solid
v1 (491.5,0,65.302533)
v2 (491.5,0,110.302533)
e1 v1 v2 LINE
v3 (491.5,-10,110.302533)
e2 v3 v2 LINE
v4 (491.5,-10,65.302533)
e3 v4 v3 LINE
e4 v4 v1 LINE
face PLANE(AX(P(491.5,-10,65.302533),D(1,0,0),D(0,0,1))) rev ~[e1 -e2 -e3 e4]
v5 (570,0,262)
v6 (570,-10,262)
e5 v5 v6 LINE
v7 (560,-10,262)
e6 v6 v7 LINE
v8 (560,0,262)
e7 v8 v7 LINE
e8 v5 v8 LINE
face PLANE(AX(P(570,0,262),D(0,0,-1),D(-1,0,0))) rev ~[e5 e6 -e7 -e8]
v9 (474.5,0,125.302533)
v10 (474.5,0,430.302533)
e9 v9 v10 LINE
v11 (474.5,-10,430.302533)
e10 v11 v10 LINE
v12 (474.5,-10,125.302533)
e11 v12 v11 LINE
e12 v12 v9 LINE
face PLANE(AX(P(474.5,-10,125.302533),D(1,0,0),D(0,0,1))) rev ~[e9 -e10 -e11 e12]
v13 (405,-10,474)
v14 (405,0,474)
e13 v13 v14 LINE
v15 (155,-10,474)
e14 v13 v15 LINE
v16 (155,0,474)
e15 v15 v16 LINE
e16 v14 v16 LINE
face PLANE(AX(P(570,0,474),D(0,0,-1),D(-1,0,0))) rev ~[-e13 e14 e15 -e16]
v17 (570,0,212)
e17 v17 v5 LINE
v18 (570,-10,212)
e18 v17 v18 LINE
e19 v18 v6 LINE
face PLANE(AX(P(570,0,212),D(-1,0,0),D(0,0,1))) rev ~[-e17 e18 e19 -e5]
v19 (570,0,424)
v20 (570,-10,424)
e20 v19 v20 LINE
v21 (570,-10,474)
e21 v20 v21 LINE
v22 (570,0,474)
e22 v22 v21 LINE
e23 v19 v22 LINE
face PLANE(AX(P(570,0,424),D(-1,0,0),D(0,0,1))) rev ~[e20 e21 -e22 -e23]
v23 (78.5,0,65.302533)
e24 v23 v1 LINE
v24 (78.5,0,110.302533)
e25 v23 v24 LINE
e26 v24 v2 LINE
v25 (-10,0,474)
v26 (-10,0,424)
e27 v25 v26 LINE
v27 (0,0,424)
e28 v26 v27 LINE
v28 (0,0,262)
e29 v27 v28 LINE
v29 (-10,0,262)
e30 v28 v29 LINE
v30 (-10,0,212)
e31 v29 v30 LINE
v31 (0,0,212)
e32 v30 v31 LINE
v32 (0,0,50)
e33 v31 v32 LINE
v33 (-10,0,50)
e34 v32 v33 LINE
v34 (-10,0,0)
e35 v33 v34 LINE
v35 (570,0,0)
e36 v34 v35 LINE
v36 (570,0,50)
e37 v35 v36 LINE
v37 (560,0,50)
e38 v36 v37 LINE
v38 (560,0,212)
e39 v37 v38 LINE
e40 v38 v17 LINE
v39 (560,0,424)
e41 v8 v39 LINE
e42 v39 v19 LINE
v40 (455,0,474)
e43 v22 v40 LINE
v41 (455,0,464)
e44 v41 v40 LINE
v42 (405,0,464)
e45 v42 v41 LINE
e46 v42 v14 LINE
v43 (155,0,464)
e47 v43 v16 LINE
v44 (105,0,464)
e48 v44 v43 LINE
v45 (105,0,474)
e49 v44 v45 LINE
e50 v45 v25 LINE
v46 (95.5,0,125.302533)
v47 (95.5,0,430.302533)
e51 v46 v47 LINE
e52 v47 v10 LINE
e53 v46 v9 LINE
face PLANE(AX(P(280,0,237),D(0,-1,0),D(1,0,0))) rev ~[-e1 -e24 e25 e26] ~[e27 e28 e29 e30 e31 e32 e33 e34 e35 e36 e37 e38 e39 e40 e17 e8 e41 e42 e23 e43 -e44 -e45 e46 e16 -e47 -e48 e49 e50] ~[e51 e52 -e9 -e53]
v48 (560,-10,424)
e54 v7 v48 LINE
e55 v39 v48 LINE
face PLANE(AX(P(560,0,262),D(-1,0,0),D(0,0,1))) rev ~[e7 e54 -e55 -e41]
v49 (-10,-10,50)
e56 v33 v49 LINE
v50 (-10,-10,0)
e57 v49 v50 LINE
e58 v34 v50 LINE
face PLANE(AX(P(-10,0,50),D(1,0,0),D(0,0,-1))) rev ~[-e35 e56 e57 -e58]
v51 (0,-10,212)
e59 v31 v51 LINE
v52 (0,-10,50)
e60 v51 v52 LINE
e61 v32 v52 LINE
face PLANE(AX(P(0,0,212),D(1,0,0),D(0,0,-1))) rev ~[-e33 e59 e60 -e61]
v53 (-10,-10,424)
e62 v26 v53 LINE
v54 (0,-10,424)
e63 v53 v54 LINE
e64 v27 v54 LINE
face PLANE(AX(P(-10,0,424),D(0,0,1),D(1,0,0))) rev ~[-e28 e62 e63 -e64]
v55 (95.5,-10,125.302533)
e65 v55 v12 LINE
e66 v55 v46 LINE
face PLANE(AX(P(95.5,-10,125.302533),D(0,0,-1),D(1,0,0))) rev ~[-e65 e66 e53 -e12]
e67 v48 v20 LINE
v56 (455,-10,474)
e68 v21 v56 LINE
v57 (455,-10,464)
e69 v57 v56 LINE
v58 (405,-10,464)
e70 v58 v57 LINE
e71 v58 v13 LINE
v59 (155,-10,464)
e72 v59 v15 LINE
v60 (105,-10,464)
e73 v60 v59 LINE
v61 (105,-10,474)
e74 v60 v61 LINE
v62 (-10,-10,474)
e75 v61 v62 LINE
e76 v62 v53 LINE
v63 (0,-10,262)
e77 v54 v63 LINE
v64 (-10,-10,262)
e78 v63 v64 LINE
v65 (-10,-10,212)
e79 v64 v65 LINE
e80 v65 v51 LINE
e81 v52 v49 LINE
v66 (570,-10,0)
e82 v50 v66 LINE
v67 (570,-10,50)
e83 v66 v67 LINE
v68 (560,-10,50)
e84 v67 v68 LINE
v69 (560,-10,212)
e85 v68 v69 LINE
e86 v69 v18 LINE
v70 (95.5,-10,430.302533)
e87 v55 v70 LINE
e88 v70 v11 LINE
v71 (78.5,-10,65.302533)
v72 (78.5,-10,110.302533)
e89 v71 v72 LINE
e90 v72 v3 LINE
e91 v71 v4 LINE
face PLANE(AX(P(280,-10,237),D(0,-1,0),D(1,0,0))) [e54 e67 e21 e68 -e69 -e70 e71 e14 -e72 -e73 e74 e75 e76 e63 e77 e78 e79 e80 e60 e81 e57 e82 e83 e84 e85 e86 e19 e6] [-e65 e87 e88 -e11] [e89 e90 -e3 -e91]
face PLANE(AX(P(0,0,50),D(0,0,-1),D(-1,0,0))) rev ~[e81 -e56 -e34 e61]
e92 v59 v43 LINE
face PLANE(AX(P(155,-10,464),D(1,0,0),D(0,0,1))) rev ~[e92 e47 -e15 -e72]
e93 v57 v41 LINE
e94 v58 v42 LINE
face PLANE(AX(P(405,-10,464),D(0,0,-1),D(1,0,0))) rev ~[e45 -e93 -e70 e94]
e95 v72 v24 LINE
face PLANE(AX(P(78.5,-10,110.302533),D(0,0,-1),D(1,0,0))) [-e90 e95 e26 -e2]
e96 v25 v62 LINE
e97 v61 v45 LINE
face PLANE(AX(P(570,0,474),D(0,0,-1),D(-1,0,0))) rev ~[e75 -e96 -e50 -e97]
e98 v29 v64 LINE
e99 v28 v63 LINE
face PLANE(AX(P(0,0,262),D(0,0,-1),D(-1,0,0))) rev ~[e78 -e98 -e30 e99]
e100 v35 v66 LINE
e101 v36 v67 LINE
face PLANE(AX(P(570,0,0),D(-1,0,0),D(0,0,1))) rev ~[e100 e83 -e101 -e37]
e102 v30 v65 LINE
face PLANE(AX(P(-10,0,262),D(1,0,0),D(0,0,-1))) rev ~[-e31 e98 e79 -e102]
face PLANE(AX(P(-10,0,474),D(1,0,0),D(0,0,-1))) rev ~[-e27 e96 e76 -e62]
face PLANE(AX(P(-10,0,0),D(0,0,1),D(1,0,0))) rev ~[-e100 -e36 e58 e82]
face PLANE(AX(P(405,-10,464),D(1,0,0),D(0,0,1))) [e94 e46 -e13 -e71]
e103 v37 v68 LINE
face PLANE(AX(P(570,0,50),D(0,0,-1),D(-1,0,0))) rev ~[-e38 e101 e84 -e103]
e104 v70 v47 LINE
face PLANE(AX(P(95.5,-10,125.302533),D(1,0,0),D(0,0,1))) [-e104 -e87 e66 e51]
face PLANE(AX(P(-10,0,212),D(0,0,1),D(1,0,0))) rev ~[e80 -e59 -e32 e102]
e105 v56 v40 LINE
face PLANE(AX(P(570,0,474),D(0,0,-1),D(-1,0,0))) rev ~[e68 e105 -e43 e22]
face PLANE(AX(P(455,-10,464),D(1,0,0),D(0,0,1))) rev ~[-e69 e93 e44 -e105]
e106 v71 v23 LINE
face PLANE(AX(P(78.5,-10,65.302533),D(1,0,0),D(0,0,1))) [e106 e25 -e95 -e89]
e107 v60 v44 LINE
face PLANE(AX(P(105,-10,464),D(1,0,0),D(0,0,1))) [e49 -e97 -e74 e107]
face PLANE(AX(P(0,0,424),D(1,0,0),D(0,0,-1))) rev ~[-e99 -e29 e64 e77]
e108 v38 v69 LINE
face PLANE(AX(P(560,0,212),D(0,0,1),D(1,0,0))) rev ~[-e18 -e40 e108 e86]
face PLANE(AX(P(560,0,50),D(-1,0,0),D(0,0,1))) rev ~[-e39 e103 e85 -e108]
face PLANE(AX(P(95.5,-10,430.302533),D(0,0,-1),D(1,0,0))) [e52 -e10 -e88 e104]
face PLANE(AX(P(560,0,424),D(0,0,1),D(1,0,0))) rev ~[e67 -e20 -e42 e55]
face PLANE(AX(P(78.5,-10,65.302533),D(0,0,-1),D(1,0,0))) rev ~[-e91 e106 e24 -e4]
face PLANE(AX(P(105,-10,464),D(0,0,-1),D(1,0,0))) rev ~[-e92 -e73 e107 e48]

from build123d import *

# Parameters (mm, degrees)
PAD_DEPTH       = 10
SKETCH001_W     = 379
SKETCH001_H     = 305
SKETCH001_W_2   = 413
SKETCH001_H_2   = 45
POCKET_DEPTH    = 10.001
SKETCH002_W     = 50
SKETCH002_H     = 10
POCKET001_DEPTH = 10.001


with BuildPart() as part:
    # Sketch → Pad (new body)
    with BuildSketch(Plane.XZ):
        Polygon((0, 0), (560, 0), (570, 0), (570, 50), (560, 50), (560, 212), (570, 212), (570, 262), (560, 262), (560, 424), (570, 424), (570, 474), (560, 474), (0, 474), (-10, 474), (-10, 424), (0, 424), (0, 262), (-10, 262), (-10, 212), (0, 212), (0, 50), (-10, 50), (-10, 0), align=None)
    extrude(amount=PAD_DEPTH)

    # Sketch001 → Pocket (cut, through all)
    with BuildSketch(Plane.XZ.offset(10)):
        with Locations((285, 277.802533)):
            Rectangle(SKETCH001_W, SKETCH001_H)
        with Locations((285, 87.802533)):
            Rectangle(SKETCH001_W_2, SKETCH001_H_2)
    extrude(amount=-POCKET_DEPTH, mode=Mode.SUBTRACT)

    # Sketch002 → Pocket001 (cut, through all)
    with BuildSketch(Plane.XZ.offset(10)):
        with Locations((130, 469)):
            Rectangle(SKETCH002_W, SKETCH002_H)
        with Locations((430, 469)):
            Rectangle(SKETCH002_W, SKETCH002_H)
    extrude(amount=-POCKET001_DEPTH, mode=Mode.SUBTRACT)


solid = part.part
